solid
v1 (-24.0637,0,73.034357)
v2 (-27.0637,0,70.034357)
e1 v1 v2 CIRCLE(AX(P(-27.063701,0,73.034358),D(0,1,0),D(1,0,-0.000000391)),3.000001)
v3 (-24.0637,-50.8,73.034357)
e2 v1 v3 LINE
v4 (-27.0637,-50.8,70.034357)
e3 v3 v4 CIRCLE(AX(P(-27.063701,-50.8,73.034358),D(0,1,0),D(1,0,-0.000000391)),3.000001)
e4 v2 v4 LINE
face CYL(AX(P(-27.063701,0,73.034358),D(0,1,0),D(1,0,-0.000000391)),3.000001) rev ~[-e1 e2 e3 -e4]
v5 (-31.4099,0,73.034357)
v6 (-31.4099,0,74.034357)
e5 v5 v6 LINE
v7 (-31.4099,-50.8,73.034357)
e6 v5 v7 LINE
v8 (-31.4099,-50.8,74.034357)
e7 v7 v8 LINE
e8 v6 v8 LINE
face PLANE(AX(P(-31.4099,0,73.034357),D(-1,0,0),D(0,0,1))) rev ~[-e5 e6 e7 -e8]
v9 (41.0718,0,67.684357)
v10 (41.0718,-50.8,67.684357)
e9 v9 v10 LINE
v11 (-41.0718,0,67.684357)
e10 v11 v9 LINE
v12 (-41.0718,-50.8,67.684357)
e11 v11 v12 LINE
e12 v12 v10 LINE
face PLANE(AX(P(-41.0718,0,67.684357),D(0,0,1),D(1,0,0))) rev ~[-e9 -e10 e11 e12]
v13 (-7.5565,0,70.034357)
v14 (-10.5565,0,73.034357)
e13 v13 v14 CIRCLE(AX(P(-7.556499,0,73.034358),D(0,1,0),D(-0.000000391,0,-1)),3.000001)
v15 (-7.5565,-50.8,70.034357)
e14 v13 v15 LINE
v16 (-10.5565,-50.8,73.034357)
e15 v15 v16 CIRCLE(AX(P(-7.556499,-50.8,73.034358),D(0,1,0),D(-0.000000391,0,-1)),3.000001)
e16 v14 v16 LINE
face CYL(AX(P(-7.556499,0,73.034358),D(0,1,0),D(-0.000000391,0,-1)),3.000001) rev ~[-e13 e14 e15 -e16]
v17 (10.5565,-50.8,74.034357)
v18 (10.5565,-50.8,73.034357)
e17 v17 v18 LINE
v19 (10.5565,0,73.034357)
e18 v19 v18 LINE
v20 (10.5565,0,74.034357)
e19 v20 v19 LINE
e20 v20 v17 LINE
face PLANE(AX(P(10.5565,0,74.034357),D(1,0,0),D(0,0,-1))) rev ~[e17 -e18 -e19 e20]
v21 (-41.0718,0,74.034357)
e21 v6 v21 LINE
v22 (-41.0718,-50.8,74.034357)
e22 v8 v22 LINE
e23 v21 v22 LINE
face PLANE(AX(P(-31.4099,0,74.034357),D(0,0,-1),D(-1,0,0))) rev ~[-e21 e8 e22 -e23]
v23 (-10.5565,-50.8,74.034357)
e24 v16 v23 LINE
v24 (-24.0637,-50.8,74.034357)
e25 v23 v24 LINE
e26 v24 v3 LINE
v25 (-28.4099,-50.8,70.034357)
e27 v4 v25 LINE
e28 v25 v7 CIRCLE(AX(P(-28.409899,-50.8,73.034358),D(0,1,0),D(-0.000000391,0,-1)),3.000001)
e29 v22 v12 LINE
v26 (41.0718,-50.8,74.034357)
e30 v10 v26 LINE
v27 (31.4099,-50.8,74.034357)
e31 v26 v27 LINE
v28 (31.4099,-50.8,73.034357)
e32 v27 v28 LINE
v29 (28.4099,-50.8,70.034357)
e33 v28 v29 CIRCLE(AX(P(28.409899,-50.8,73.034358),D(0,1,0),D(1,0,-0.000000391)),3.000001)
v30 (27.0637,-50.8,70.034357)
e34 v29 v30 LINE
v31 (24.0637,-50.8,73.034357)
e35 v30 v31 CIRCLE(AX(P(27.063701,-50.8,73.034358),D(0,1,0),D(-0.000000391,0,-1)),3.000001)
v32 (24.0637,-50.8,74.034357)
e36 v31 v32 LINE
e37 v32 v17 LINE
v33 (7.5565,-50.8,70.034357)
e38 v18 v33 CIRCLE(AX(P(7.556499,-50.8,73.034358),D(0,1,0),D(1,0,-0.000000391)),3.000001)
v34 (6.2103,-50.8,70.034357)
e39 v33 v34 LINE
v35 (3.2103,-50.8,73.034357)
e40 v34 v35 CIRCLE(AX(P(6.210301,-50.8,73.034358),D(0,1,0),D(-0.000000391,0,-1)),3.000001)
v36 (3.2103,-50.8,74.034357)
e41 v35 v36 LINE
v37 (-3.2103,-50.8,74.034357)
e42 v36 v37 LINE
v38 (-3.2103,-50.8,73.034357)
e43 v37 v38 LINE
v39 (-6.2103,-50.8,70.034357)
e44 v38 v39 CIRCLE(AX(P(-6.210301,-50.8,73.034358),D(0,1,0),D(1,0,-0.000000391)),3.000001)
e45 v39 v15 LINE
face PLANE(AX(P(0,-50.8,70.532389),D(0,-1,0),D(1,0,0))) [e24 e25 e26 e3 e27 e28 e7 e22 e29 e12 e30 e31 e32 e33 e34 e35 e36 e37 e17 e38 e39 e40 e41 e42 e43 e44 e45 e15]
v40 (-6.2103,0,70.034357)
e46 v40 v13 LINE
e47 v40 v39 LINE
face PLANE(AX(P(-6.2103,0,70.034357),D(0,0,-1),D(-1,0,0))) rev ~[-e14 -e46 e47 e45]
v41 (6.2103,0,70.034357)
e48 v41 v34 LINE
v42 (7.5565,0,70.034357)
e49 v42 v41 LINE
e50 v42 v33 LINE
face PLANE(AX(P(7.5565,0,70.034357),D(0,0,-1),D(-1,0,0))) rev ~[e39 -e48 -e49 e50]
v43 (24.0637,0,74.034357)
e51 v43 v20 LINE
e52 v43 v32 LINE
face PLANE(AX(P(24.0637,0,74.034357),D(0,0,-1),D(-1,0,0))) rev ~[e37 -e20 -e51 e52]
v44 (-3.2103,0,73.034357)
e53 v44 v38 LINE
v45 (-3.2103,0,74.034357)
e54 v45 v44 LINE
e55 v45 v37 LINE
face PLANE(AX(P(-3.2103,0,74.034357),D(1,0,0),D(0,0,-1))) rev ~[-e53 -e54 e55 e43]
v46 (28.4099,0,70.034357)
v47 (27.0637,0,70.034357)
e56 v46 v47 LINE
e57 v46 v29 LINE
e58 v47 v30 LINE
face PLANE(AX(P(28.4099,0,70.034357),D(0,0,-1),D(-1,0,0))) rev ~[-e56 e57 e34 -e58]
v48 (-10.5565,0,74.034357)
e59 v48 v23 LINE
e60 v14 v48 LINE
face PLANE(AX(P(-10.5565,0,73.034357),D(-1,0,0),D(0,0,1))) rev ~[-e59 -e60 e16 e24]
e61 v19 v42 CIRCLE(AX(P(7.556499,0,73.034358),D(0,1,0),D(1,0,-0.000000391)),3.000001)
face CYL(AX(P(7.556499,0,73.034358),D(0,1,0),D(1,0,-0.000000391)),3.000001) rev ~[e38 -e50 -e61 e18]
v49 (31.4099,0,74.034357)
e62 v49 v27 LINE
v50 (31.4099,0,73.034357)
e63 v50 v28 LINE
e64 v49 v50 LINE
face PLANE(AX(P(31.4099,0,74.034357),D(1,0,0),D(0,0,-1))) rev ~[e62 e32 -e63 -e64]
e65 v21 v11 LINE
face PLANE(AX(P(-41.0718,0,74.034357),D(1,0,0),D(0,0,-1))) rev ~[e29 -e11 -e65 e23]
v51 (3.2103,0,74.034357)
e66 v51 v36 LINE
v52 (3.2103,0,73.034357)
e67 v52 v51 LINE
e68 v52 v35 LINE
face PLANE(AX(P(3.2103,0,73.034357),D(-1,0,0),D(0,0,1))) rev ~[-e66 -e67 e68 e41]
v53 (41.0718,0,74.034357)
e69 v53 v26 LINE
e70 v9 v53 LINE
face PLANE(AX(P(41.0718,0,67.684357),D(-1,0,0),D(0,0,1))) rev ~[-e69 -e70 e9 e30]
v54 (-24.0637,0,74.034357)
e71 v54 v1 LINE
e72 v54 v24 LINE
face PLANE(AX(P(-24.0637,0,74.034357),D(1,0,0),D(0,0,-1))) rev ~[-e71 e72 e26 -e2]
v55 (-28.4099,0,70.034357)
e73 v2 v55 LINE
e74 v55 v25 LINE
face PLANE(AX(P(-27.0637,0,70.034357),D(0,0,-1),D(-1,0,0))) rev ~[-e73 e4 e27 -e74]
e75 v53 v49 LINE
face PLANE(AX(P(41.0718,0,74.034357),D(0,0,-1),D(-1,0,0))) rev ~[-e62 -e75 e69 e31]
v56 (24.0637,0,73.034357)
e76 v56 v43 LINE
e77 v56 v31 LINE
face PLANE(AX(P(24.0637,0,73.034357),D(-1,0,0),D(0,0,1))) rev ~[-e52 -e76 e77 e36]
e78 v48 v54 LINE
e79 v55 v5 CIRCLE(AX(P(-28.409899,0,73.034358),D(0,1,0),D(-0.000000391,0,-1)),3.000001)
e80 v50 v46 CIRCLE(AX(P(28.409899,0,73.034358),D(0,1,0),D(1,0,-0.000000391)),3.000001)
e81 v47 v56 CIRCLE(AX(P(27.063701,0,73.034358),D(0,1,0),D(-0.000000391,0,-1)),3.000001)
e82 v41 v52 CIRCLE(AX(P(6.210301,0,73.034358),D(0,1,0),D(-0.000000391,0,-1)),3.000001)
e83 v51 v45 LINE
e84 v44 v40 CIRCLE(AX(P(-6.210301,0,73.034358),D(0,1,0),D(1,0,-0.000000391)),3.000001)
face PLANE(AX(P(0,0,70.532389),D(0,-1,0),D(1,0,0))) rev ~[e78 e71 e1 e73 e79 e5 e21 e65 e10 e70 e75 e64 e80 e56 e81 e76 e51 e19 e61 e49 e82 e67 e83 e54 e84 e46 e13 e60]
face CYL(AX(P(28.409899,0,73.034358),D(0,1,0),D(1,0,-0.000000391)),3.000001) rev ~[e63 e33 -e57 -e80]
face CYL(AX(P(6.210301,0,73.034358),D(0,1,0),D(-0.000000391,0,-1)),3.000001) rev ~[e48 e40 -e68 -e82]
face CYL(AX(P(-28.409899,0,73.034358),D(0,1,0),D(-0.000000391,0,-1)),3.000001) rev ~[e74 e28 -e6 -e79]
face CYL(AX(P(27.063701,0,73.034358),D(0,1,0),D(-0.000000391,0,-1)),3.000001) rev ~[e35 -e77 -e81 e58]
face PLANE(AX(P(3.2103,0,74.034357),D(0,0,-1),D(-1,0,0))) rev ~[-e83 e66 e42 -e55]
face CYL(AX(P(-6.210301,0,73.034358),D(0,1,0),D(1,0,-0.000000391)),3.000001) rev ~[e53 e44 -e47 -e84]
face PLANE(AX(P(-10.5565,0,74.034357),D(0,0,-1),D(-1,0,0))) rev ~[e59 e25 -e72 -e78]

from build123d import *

# Parameters (mm, degrees)
F1_DEPTH = 50.8


with BuildPart() as f1:
    # F0 (on Front) → F1 (new body)
    with BuildSketch(Plane.XZ):
        with BuildLine():
            Line((-31.4099, 74.034357), (-41.0718, 74.034357))
            Line((-41.0718, 74.034357), (-41.0718, 67.684357))
            Line((-41.0718, 67.684357), (41.0718, 67.684357))
            Line((41.0718, 67.684357), (41.0718, 74.034357))
            Line((41.0718, 74.034357), (31.4099, 74.034357))
            Line((31.4099, 74.034357), (31.4099, 73.034357))
            ThreePointArc((31.4099, 73.034357), (30.53122, 70.913037), (28.4099, 70.034357))
            Line((28.4099, 70.034357), (27.0637, 70.034357))
            ThreePointArc((27.0637, 70.034357), (24.94238, 70.913037), (24.0637, 73.034357))
            Line((24.0637, 73.034357), (24.0637, 74.034357))
            Line((24.0637, 74.034357), (10.5565, 74.034357))
            Line((10.5565, 74.034357), (10.5565, 73.924565))
            Line((10.5565, 73.924565), (10.5565, 73.034357))
            ThreePointArc((10.5565, 73.034357), (9.67782, 70.913037), (7.5565, 70.034357))
            Line((7.5565, 70.034357), (6.2103, 70.034357))
            ThreePointArc((6.2103, 70.034357), (4.08898, 70.913037), (3.2103, 73.034357))
            Line((3.2103, 73.034357), (3.2103, 74.034357))
            Line((3.2103, 74.034357), (-3.2103, 74.034357))
            Line((-3.2103, 74.034357), (-3.2103, 73.034357))
            ThreePointArc((-3.2103, 73.034357), (-4.08898, 70.913037), (-6.2103, 70.034357))
            Line((-6.2103, 70.034357), (-7.5565, 70.034357))
            ThreePointArc((-7.5565, 70.034357), (-9.67782, 70.913037), (-10.5565, 73.034357))
            Line((-10.5565, 73.034357), (-10.5565, 74.034357))
            Line((-10.5565, 74.034357), (-24.0637, 74.034357))
            Line((-24.0637, 74.034357), (-24.0637, 73.924565))
            Line((-24.0637, 73.924565), (-24.0637, 73.034357))
            ThreePointArc((-24.0637, 73.034357), (-24.94238, 70.913037), (-27.0637, 70.034357))
            Line((-27.0637, 70.034357), (-28.4099, 70.034357))
            ThreePointArc((-28.4099, 70.034357), (-30.53122, 70.913037), (-31.4099, 73.034357))
            Line((-31.4099, 73.034357), (-31.4099, 74.034357))
        make_face()
    extrude(amount=F1_DEPTH)


solid = f1.part
